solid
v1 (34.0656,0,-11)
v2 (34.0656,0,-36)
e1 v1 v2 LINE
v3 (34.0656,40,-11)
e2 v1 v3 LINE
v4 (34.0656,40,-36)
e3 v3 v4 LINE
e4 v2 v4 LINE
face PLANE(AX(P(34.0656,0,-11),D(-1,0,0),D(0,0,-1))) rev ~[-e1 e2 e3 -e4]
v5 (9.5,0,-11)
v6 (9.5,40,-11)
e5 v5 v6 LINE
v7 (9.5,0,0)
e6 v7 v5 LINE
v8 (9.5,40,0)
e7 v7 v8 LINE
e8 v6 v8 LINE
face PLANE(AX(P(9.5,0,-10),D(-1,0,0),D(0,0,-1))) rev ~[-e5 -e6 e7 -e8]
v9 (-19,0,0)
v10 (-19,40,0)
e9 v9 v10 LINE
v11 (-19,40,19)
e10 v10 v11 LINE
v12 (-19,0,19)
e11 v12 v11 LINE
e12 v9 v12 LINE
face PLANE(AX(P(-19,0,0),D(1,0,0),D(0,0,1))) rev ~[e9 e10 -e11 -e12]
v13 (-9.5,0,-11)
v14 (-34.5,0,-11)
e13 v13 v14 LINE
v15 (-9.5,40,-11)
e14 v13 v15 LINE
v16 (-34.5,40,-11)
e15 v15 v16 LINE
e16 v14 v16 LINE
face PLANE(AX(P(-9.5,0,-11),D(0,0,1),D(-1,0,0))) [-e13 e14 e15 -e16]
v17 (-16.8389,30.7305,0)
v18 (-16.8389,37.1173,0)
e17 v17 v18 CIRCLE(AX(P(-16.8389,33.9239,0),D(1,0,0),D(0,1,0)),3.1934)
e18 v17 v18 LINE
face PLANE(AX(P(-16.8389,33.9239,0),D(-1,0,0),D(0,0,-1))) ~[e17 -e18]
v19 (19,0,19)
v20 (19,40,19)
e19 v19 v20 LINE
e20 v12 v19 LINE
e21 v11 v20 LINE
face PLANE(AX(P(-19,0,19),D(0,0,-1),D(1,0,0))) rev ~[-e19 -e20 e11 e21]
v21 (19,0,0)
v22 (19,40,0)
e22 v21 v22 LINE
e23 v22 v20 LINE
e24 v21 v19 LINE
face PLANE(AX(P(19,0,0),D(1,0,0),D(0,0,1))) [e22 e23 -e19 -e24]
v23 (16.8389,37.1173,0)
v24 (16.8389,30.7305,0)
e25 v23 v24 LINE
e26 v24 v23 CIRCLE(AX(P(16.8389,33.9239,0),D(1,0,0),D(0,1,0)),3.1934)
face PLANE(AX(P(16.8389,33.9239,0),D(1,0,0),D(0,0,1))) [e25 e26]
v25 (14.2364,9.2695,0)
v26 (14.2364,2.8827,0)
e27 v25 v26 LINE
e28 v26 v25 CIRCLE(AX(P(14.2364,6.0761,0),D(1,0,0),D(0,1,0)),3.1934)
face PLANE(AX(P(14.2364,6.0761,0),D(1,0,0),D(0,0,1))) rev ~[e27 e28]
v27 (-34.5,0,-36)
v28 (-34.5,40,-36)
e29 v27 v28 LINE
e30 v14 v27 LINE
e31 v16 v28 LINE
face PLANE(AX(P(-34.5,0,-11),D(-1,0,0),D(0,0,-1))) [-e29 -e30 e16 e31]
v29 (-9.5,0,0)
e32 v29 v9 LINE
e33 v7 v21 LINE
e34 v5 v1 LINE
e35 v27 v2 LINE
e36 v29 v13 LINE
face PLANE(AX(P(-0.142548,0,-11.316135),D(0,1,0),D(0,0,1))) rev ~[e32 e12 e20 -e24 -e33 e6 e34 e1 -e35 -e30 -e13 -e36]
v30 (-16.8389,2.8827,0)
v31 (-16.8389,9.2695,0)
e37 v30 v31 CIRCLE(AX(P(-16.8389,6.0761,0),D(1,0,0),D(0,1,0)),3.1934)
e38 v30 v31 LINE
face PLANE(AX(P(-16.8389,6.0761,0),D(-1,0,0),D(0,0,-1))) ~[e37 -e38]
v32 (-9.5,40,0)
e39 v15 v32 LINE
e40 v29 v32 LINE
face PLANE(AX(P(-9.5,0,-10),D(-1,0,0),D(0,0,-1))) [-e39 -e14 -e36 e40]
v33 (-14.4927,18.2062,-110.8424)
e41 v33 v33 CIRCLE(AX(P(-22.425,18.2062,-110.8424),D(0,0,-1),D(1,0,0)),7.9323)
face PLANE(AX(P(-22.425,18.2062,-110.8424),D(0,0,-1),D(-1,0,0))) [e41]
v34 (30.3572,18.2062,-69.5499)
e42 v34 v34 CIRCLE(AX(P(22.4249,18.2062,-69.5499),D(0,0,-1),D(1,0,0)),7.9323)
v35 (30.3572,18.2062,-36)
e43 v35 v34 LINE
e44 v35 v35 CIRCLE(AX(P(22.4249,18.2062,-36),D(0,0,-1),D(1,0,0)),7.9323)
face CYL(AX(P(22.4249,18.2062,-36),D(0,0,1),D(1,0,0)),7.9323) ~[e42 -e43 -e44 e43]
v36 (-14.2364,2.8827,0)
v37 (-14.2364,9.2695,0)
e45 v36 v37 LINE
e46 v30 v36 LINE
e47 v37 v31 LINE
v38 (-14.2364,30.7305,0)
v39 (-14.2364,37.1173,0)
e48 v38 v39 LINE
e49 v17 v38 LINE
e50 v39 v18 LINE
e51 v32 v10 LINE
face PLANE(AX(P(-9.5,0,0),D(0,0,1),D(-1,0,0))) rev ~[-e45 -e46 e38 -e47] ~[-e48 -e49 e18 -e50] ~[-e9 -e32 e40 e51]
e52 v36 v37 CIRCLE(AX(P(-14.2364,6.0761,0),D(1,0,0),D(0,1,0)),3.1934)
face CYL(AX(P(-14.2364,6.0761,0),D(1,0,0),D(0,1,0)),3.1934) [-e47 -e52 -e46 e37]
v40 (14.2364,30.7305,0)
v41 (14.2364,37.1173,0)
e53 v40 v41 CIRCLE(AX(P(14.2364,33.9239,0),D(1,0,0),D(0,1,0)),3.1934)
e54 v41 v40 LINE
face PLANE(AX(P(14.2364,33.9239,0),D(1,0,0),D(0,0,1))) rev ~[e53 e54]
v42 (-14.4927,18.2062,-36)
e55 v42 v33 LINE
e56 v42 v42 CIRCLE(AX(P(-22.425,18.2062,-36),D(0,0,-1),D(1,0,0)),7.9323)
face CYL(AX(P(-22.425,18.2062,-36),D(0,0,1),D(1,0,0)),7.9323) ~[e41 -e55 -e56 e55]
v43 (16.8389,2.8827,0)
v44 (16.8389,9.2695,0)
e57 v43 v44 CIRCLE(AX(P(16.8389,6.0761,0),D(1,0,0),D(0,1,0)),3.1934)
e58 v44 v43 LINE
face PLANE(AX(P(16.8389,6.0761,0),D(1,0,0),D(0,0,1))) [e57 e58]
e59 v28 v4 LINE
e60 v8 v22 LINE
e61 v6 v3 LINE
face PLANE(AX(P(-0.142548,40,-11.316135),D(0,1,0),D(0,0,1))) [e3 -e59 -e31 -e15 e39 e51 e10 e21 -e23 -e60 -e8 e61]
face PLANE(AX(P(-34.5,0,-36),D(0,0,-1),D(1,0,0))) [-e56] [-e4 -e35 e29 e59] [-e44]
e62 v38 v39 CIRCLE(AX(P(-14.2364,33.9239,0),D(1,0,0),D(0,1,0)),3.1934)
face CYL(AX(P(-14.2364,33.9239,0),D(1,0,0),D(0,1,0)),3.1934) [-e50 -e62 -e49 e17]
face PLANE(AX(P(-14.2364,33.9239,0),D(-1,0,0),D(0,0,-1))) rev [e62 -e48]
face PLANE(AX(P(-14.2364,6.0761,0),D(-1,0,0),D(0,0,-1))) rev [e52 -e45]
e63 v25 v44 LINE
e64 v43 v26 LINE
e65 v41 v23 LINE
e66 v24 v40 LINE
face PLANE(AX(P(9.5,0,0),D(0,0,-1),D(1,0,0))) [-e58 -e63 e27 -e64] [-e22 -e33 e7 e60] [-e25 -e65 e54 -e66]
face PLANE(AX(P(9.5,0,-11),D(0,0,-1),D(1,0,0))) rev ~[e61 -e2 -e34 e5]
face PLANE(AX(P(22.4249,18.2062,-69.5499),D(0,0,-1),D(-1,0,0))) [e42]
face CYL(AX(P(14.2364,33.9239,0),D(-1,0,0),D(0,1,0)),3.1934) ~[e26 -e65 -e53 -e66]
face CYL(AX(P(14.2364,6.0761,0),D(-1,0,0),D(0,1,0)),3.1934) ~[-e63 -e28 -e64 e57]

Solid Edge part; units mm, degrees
sketch "Sketch1" plane through (0, 0, 0) normal (0, -1, 0) x (1, 0, 0)
  line L0 (9.5, -11) -> (34.0656, -11)
  line L1 (34.0656, -11) -> (34.0656, -36)
  line L2 (-34.5, -36) -> (34.0656, -36)
  line L3 (-34.5, -11) -> (-34.5, -36)
  line L4 (-9.5, -11) -> (-34.5, -11)
  line L5 (-9.5, -10) -> (-9.5, -11)
  line L6 (-9.5, 0) -> (-9.5, -10)
  line L7 (-9.5, 0) -> (-19, 0)
  line L8 (-19, 0) -> (-19, 19)
  line L9 (-19, 19) -> (19, 19)
  line L10 (19, 0) -> (19, 19)
  line L11 (9.5, 0) -> (19, 0)
  line L12 (9.5, 0) -> (9.5, -10)
  line L13 (9.5, -10) -> (9.5, -11)
extrude "Protrusion1" add sketch "Sketch1" against normal blind 40
sketch "Sketch2" plane through (-0.2172, 20, -36) normal (0, 0, -1) x (1, 0, 0)
  circle A0 centre (-22.2078, 1.7938) radius 7.9323
extrude "ExtrudedProtrusion_2" add sketch "Sketch2" along normal blind 74.8424
sketch "Sketch3" plane through (-0.2172, 20, -36) normal (0, 0, -1) x (1, 0, 0)
  circle A0 centre (22.6421, 1.7938) radius 7.9323
extrude "ExtrudedProtrusion_3" add sketch "Sketch3" along normal blind 33.5499
sketch "Sketch4" plane through (14.2364, 0, 0) normal (1, 0, 0) x (0, 1, 0)
  circle A0 centre (6.0761, 0) radius 3.1934
  circle A1 centre (33.9239, 0) radius 3.1934
extrude "ExtrudedProtrusion_5" add sketch "Sketch4" along normal blind 2.6025
mirror "Mirror1" about plane through (0, 0, 0) normal (1, 0, 0) of "ExtrudedProtrusion_5"
